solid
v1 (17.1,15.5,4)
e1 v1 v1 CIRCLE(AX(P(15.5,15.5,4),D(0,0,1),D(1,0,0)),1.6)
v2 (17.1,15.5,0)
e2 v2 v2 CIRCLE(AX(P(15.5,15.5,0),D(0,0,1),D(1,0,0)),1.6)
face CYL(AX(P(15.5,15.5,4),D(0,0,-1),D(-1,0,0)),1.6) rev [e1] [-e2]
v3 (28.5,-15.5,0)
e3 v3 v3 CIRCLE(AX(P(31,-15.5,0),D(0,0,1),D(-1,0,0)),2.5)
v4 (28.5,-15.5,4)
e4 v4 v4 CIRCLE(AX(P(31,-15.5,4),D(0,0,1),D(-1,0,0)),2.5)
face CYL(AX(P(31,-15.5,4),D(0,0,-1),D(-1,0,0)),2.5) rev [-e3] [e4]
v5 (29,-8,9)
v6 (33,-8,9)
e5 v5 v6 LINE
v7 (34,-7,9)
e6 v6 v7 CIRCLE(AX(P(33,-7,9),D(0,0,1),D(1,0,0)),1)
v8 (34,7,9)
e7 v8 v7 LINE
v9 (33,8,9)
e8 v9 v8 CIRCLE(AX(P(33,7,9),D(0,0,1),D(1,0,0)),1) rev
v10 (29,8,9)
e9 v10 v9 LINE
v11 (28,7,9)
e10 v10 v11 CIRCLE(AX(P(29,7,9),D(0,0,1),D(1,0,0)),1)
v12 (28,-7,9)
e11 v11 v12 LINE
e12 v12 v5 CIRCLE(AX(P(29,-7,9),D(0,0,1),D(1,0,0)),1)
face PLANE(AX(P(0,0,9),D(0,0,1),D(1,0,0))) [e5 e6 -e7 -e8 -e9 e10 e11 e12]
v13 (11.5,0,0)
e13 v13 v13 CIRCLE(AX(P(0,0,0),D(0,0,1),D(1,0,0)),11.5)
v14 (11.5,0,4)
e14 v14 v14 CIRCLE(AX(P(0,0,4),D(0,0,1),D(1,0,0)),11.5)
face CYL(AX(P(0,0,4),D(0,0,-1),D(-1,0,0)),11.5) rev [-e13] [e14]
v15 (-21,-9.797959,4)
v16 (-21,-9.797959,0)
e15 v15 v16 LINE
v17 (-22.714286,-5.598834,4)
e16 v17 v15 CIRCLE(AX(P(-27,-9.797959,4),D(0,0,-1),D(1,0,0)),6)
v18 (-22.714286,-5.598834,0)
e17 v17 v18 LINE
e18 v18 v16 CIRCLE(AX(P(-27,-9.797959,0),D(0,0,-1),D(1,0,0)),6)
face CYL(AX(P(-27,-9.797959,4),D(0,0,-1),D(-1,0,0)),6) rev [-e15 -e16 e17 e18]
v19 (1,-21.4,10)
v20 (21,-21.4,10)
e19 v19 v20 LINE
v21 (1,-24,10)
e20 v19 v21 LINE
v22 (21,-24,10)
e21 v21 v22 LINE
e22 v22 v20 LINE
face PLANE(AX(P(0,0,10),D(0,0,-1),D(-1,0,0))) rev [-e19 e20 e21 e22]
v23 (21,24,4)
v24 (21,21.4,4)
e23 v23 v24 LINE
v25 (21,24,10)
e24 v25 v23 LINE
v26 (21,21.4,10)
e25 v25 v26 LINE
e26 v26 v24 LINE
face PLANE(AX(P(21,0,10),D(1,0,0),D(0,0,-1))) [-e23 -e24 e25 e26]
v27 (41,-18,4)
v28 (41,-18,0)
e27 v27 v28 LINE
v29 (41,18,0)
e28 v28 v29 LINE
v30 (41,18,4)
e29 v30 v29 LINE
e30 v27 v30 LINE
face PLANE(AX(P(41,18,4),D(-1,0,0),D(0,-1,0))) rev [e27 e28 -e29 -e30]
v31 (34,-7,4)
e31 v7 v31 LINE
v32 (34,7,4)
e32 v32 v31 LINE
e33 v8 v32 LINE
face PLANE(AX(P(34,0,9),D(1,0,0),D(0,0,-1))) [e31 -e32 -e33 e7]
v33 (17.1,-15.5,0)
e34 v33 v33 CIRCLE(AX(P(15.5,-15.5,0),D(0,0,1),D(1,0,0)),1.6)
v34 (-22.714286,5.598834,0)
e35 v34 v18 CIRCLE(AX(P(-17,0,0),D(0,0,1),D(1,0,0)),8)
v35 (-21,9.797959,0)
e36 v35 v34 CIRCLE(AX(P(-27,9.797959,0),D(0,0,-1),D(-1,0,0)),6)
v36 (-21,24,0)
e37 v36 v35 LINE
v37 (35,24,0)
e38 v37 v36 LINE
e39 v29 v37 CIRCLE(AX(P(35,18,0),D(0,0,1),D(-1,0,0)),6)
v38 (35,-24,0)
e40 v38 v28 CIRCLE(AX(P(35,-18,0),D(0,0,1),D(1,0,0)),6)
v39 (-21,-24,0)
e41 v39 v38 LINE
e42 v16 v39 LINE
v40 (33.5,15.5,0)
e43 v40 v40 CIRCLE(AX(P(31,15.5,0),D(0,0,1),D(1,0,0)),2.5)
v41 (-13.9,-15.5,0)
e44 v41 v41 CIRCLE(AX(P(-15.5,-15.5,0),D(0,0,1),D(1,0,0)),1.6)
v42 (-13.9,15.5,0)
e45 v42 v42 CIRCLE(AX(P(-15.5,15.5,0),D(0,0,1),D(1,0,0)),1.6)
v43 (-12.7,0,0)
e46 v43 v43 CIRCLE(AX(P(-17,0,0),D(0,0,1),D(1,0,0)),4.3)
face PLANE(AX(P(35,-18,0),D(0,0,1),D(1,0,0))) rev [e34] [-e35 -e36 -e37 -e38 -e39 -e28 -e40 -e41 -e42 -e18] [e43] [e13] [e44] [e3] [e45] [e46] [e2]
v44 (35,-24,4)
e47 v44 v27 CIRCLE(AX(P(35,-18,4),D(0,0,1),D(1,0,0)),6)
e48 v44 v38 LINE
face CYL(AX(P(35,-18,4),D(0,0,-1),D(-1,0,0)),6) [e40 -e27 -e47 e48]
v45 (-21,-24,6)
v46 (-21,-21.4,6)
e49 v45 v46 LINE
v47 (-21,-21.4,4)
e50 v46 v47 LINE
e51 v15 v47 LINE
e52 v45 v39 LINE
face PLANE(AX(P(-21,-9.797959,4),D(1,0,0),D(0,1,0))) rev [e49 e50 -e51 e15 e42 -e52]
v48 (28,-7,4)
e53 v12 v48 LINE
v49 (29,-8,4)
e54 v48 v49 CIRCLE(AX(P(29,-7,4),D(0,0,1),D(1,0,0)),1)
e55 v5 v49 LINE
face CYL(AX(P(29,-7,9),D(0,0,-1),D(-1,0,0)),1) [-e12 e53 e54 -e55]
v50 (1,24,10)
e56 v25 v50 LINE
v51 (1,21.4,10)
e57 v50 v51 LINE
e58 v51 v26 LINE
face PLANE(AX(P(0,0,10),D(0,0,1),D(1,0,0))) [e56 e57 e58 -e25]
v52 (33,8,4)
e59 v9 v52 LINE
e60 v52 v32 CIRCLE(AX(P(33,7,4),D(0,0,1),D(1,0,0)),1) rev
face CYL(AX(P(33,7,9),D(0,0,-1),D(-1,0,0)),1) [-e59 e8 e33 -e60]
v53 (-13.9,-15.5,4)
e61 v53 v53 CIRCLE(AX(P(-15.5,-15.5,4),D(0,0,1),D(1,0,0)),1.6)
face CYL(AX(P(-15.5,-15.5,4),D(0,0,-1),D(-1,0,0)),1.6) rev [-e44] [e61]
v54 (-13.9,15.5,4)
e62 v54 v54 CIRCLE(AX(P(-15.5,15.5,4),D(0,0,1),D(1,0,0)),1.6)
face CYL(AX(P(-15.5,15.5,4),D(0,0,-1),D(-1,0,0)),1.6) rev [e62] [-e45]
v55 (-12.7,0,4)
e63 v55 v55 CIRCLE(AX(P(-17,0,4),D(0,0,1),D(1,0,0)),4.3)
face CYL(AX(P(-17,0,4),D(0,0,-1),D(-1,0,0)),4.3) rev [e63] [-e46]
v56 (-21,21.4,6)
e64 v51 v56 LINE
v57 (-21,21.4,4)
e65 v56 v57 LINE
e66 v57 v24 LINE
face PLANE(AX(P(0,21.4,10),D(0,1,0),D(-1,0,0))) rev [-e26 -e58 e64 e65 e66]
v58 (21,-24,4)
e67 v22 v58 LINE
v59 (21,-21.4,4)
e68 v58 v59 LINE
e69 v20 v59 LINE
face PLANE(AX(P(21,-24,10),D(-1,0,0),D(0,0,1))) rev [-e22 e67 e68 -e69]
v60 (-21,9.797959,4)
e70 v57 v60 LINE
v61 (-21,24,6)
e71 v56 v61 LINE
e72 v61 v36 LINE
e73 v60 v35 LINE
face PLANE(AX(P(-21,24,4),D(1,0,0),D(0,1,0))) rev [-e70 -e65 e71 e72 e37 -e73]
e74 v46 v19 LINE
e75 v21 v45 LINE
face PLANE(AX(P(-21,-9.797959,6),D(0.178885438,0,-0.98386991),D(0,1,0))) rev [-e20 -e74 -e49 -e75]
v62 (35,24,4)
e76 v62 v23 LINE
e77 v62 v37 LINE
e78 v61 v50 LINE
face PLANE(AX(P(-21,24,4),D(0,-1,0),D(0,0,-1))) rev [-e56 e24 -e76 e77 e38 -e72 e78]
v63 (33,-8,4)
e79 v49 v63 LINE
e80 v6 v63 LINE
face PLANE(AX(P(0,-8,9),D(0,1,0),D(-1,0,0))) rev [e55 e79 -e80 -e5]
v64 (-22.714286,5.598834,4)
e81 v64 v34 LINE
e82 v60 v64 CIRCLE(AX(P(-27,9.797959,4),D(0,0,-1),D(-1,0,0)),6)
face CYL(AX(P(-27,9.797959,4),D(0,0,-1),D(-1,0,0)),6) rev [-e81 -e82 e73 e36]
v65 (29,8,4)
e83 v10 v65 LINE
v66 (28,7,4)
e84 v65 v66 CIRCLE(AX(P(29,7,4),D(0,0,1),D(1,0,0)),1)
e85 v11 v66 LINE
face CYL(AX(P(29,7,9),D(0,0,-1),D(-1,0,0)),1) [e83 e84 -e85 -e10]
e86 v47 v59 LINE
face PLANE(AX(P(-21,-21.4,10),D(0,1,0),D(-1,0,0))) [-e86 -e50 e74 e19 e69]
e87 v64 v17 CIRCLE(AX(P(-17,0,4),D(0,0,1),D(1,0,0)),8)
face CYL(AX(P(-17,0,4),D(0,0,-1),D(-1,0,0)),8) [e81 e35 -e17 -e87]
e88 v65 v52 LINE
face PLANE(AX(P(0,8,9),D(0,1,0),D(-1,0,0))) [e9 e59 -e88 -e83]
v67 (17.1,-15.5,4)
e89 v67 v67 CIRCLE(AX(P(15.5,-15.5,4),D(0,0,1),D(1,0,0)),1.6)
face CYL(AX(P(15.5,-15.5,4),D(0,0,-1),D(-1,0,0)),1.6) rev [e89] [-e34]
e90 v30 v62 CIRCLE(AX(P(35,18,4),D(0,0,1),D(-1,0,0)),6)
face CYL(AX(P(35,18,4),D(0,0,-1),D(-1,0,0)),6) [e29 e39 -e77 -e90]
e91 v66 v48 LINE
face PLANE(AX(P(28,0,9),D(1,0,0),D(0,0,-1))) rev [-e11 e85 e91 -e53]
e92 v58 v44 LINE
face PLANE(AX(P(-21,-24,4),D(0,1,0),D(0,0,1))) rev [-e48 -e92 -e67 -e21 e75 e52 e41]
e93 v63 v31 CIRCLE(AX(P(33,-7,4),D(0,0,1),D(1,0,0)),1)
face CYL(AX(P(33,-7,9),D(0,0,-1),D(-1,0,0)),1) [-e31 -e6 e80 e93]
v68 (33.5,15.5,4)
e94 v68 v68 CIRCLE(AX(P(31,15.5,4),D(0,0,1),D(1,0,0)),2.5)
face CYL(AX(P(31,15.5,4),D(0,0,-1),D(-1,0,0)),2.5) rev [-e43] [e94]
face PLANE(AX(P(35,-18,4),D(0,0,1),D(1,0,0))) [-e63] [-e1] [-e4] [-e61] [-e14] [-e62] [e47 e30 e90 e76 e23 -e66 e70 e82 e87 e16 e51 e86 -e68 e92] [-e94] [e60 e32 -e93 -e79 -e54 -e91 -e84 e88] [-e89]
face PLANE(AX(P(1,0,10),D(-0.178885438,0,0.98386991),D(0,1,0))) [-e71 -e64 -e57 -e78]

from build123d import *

# Parameters (mm, degrees)
SKETCH_1_R      = 11.5
SKETCH_1_R_2    = 1.6
SKETCH_1_R_3    = 4.3
SKETCH_1_R_4    = 2.5
EXTRUDE_3_DEPTH = 4
SKETCH_4_W      = 42
SKETCH_4_H      = 2.6
EXTRUDE_4_DEPTH = 6
EXTRUDE_5_DEPTH = 5
CHAMFER_3_SIZE  = 4
CHAMFER_3_SIZE2 = 22
CHAMFER_4_SIZE  = 22
CHAMFER_4_SIZE2 = 4


with BuildPart() as part:
    # 草图1 → 凸台-拉伸3 (new body)
    with BuildSketch(Plane.XY):
        with BuildLine():
            Line((-21, 24), (35, 24))
            ThreePointArc((35, 24), (39.242640687, 22.242640687), (41, 18))
            Line((41, 18), (41, -18))
            ThreePointArc((41, -18), (39.242640687, -22.242640687), (35, -24))
            Line((35, -24), (-21, -24))
            Line((-21, -24), (-21, -9.797958971))
            ThreePointArc((-21, -9.797958971), (-21.445079401, -7.530172133), (-22.714285714, -5.598833698))
            ThreePointArc((-22.714285714, -5.598833698), (-25, 0), (-22.714285714, 5.598833698))
            ThreePointArc((-22.714285714, 5.598833698), (-21.445079401, 7.530172133), (-21, 9.797958971))
            Line((-21, 9.797958971), (-21, 24))
        make_face()
        Circle(SKETCH_1_R, mode=Mode.SUBTRACT)
        with Locations((15.5, 15.5)):
            Circle(SKETCH_1_R_2, mode=Mode.SUBTRACT)
        with Locations((15.5, -15.5)):
            Circle(SKETCH_1_R_2, mode=Mode.SUBTRACT)
        with Locations((-15.5, -15.5)):
            Circle(SKETCH_1_R_2, mode=Mode.SUBTRACT)
        with Locations((-15.5, 15.5)):
            Circle(SKETCH_1_R_2, mode=Mode.SUBTRACT)
        with Locations((-17, 0)):
            Circle(SKETCH_1_R_3, mode=Mode.SUBTRACT)
        with Locations((31, 15.5)):
            Circle(SKETCH_1_R_4, mode=Mode.SUBTRACT)
        with Locations((31, -15.5)):
            Circle(SKETCH_1_R_4, mode=Mode.SUBTRACT)
    extrude(amount=EXTRUDE_3_DEPTH)

    # 草图4 → 凸台-拉伸4 (add)
    with BuildSketch(Plane.XY.offset(4)):
        with Locations((0, 22.7)):
            Rectangle(SKETCH_4_W, SKETCH_4_H)
        with Locations((0, -22.7)):
            Rectangle(SKETCH_4_W, SKETCH_4_H)
    extrude(amount=EXTRUDE_4_DEPTH)

    # 草图4<3> → 凸台-拉伸5 (add)
    with BuildSketch(Plane.XY.offset(4)):
        with BuildLine():
            Line((28, 7), (28, -7))
            ThreePointArc((28, -7), (28.292893219, -7.707106781), (29, -8))
            Line((29, -8), (33, -8))
            ThreePointArc((33, -8), (33.707106781, -7.707106781), (34, -7))
            Line((34, -7), (34, 7))
            ThreePointArc((34, 7), (33.707106781, 7.707106781), (33, 8))
            Line((33, 8), (29, 8))
            ThreePointArc((29, 8), (28.292893219, 7.707106781), (28, 7))
        make_face()
    extrude(amount=EXTRUDE_5_DEPTH)

    # 倒角3
    chamfer_3_edges = [part.edges().sort_by_distance(p)[0] for p in [
        (-21, 22.7, 10),
    ]]
    chamfer_3_side = [part.faces().sort_by_distance(p)[0] for p in [
        (-21, 18.1487822, 3.077226594),
    ]]
    chamfer(chamfer_3_edges, length=CHAMFER_3_SIZE, length2=CHAMFER_3_SIZE2, reference=chamfer_3_side[0])

    # 倒角4
    chamfer_4_edges = [part.edges().sort_by_distance(p)[0] for p in [
        (-21, -22.7, 10),
    ]]
    chamfer_4_side = [part.faces().sort_by_distance(p)[0] for p in [
        (0, -22.7, 10),
    ]]
    chamfer(chamfer_4_edges, length=CHAMFER_4_SIZE, length2=CHAMFER_4_SIZE2, reference=chamfer_4_side[0])


solid = part.part
